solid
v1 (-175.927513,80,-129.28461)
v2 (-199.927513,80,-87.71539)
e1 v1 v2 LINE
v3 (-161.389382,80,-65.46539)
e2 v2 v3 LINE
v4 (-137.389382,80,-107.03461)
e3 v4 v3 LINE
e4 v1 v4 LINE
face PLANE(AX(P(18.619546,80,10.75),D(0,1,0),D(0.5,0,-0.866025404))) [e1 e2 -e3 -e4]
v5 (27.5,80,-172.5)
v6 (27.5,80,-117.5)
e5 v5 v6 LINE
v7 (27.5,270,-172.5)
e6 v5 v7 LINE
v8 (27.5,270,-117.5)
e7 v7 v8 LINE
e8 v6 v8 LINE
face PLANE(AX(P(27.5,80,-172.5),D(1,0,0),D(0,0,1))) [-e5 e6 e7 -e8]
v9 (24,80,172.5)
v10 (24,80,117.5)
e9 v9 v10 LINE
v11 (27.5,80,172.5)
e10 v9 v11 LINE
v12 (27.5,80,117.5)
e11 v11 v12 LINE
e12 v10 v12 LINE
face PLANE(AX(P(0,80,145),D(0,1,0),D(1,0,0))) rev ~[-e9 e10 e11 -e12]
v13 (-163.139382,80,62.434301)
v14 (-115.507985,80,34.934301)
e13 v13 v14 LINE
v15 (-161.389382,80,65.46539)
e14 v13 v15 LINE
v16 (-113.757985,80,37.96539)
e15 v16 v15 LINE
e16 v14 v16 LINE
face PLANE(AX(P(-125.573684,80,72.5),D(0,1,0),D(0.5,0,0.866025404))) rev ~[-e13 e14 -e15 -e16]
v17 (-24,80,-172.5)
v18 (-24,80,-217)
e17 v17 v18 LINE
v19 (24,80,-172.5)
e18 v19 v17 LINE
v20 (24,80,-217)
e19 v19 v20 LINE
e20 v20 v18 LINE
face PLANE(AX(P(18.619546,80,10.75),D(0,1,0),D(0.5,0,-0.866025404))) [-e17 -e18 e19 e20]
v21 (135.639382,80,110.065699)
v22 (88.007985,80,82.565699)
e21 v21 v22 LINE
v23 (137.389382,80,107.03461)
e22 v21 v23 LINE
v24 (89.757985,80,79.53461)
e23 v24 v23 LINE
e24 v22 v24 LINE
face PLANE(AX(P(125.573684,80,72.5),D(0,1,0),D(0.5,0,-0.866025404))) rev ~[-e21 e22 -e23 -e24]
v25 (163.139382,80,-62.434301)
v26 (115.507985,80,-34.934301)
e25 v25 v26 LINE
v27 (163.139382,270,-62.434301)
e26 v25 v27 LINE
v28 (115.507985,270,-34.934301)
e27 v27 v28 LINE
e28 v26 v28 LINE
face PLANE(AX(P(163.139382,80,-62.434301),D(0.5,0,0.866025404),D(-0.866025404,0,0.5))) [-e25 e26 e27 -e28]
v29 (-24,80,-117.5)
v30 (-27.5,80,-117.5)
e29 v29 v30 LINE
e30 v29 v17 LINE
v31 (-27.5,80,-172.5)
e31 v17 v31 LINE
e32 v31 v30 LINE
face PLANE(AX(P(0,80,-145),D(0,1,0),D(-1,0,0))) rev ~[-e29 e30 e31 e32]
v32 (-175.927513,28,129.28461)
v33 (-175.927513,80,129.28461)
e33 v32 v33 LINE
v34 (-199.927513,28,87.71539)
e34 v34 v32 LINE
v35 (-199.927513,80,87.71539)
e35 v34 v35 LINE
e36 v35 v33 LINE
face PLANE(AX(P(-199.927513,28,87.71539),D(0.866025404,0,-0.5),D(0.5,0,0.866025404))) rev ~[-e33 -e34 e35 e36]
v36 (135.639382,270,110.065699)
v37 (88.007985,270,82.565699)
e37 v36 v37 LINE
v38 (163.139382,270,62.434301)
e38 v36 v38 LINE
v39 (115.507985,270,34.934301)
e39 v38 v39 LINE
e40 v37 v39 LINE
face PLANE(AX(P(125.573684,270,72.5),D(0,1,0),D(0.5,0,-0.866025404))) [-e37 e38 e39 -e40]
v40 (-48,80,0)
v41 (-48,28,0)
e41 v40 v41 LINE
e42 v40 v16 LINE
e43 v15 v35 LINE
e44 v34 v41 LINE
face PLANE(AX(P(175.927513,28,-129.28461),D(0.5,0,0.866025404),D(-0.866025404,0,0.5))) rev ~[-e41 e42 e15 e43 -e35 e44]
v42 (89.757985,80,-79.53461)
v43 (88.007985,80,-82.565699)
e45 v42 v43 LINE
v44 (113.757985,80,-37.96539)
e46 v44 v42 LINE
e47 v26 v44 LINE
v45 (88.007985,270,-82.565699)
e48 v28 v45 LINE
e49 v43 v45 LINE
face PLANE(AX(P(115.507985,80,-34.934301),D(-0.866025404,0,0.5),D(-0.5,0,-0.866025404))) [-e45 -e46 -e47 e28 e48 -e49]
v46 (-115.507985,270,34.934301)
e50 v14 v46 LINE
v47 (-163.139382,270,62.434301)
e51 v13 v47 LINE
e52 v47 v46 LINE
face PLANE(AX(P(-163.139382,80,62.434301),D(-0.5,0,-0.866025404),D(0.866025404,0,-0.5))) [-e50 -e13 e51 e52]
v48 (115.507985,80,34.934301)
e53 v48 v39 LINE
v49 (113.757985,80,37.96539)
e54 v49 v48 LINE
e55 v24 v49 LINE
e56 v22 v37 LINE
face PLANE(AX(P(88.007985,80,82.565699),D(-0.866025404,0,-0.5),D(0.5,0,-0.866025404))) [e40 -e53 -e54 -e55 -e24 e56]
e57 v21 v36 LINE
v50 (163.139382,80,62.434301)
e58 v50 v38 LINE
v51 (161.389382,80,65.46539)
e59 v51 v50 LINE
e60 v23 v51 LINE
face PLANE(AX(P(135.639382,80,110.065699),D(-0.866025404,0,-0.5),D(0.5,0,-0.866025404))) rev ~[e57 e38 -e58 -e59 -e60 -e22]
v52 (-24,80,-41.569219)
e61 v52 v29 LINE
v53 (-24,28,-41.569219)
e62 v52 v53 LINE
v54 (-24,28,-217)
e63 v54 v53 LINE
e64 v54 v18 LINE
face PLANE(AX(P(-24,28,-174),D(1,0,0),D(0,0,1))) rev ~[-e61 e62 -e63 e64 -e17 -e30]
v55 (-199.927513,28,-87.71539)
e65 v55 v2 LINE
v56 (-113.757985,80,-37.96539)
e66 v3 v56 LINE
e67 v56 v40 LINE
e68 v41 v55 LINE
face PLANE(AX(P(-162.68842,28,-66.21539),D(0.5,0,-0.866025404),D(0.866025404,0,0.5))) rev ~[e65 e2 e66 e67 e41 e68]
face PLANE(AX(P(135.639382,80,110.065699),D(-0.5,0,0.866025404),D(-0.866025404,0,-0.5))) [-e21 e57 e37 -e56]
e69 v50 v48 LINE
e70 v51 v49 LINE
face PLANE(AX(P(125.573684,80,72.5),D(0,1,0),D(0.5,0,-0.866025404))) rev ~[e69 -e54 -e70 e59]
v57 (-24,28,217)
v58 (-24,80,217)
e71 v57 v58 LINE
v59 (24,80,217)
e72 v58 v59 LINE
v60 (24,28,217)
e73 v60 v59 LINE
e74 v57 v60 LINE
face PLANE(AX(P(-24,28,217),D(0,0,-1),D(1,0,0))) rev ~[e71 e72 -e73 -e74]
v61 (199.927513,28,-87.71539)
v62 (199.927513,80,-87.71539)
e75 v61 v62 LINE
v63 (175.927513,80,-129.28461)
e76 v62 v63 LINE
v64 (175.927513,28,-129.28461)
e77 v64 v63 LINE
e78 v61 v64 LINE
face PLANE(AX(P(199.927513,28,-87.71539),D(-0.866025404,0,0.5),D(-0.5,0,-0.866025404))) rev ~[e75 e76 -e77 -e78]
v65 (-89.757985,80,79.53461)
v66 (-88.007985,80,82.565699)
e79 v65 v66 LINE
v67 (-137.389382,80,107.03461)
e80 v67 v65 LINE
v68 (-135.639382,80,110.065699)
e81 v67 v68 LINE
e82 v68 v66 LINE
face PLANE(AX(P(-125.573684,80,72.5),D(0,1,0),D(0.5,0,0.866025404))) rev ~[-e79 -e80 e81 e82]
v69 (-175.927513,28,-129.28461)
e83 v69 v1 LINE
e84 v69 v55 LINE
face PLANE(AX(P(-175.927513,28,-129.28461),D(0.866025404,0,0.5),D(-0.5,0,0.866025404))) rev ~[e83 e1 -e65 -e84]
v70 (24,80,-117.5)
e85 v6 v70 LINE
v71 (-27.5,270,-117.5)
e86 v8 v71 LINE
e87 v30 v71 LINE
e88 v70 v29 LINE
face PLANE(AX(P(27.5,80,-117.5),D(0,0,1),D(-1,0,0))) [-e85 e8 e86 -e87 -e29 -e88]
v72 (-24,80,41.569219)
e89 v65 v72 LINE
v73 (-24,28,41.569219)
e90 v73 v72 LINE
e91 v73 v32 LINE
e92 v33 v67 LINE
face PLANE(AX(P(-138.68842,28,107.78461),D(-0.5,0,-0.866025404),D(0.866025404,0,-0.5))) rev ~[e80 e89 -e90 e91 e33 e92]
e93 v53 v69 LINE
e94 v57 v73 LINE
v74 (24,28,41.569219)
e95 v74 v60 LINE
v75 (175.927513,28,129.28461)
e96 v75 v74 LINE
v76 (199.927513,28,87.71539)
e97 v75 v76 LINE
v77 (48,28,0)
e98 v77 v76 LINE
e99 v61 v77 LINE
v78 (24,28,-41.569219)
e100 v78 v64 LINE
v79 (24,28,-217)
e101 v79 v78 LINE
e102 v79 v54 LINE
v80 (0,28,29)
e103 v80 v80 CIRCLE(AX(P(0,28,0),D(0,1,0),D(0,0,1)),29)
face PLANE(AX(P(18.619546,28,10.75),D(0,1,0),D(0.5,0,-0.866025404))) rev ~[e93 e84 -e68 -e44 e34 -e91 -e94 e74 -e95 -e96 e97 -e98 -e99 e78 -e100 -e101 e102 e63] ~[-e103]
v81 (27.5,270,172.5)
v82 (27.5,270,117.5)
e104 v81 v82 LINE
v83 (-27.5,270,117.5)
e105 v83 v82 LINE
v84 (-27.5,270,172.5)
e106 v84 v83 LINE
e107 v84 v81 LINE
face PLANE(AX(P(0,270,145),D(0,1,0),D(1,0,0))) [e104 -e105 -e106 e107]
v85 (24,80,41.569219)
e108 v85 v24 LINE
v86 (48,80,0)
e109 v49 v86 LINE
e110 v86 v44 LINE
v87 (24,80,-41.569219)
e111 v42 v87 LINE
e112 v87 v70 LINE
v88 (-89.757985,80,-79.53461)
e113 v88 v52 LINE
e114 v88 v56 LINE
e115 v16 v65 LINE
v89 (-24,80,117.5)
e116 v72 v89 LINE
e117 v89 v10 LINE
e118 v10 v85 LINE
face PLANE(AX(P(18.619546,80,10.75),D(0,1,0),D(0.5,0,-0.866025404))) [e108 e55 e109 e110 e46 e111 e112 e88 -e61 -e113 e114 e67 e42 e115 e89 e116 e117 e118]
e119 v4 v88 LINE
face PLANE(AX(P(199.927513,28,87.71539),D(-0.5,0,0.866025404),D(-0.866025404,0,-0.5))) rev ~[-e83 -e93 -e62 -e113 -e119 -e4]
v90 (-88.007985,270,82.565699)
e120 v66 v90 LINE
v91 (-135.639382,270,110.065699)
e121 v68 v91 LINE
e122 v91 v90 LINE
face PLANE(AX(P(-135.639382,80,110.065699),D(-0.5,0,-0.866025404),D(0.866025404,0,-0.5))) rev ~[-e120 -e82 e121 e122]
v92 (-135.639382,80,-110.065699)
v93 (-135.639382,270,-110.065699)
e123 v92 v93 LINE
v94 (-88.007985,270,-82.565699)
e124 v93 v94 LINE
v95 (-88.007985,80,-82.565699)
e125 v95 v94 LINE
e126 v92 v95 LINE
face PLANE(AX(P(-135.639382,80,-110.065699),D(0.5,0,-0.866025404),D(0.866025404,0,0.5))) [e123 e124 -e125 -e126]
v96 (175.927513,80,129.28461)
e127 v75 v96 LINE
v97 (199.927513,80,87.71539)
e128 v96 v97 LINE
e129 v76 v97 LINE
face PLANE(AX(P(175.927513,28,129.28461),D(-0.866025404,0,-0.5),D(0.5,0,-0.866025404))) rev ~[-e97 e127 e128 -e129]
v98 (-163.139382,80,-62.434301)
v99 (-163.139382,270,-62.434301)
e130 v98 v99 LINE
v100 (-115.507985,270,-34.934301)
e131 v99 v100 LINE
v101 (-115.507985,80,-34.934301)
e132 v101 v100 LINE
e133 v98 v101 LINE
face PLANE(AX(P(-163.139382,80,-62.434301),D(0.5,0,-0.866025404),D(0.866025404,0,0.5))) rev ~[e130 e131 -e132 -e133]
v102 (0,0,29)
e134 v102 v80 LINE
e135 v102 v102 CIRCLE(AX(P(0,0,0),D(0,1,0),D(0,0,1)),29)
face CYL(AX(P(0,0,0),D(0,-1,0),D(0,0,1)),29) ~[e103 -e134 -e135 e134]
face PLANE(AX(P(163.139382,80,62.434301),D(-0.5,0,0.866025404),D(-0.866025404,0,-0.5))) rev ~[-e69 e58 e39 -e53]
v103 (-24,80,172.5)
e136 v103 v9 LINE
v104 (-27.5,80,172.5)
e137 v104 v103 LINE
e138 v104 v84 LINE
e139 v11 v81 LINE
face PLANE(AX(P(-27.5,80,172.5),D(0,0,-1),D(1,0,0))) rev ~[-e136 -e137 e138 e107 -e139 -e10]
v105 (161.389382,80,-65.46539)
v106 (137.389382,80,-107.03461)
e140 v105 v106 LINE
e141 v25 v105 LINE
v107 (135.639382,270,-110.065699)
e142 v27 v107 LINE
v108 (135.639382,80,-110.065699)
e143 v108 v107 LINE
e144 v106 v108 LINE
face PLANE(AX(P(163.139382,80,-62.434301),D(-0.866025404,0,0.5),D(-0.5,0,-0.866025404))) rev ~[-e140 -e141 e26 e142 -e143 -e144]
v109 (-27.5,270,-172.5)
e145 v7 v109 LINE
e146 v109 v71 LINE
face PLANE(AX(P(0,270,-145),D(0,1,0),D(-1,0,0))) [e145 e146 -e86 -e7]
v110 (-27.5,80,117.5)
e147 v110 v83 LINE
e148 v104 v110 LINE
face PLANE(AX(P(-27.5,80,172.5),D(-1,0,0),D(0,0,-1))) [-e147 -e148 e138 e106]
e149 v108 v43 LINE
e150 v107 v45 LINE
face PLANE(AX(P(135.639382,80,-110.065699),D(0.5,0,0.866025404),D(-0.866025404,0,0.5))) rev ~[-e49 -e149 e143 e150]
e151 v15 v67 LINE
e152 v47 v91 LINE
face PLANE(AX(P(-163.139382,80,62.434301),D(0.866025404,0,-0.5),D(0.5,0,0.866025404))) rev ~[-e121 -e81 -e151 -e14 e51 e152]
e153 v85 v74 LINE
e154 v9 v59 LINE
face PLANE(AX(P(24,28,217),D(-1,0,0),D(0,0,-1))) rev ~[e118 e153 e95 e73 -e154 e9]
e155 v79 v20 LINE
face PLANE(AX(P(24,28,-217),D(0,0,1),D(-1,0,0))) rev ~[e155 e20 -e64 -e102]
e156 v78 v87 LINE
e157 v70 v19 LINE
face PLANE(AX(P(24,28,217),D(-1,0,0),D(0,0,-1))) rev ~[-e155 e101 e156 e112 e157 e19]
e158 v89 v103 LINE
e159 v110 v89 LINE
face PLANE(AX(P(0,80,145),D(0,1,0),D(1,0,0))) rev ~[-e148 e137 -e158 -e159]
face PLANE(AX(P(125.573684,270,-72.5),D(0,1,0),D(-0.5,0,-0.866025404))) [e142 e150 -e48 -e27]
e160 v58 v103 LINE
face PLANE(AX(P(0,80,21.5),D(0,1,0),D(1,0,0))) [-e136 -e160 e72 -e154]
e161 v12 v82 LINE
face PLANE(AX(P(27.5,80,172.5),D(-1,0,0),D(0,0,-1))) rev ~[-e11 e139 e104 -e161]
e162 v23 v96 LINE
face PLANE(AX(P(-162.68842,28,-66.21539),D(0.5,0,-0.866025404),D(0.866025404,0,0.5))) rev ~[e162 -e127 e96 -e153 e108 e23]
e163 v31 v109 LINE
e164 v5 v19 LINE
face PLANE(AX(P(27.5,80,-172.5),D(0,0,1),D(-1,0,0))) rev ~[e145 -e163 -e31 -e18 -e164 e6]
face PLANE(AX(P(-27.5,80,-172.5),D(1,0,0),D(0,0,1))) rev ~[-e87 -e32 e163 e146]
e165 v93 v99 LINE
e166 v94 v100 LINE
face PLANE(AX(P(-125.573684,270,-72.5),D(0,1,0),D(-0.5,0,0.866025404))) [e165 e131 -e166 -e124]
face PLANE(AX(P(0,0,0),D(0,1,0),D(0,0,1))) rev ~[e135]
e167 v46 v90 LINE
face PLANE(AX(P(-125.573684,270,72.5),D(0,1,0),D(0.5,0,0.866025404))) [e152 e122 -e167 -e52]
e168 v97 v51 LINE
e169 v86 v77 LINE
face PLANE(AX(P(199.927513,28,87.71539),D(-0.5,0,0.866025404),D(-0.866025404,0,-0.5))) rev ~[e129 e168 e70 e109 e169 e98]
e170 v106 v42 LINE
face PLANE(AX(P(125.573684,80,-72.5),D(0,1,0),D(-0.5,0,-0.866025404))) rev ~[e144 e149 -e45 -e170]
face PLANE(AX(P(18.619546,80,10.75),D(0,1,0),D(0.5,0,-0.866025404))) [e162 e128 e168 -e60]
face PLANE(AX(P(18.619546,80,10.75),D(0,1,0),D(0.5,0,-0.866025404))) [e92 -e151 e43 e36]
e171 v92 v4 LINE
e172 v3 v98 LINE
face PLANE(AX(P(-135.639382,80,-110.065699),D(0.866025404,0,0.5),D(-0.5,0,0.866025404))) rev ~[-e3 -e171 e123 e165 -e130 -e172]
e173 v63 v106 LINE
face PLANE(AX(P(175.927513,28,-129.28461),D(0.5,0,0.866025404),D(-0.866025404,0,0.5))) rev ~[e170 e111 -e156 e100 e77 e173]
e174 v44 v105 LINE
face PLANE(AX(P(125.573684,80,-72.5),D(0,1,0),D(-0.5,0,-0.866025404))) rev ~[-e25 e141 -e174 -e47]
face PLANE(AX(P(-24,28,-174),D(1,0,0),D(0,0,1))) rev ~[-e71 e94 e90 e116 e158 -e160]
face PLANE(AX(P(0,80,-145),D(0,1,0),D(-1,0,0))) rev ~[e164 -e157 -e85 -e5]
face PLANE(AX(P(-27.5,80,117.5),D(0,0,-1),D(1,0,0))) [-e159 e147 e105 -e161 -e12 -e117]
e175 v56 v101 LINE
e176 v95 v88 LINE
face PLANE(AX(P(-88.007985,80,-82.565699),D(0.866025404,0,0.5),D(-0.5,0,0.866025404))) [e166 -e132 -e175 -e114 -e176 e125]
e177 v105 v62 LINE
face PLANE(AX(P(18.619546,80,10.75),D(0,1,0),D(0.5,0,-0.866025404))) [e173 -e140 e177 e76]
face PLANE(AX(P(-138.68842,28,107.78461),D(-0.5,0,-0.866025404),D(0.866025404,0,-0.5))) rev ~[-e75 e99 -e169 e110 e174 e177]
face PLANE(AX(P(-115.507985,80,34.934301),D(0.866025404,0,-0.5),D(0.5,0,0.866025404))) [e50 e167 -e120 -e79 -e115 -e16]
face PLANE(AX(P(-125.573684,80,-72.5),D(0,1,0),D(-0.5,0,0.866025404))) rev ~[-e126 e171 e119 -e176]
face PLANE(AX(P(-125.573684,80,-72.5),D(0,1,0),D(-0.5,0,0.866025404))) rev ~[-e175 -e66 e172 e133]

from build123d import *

# Parameters (mm, degrees)
SKETCH1_R           = 29
BOSS_EXTRUDE1_DEPTH = 28
BOSS_EXTRUDE2_DEPTH = 52
SKETCH3_W           = 55
SKETCH3_H           = 55
BOSS_EXTRUDE3_DEPTH = 190
CIRPATTERN1_COUNT   = 6


with BuildPart() as part:
    # Sketch1 → Boss-Extrude1 (new body)
    with BuildSketch(Plane(origin=(0, 0, 0), x_dir=(1, 0, 0), z_dir=(0, 1, 0))):
        Circle(SKETCH1_R)
    extrude(amount=BOSS_EXTRUDE1_DEPTH)

    # Sketch2 → Boss-Extrude2 (add)
    with BuildSketch(Plane(origin=(0, 28, 0), x_dir=(1, 0, 0), z_dir=(0, 1, 0))):
        Polygon((24, 0), (24, 174), (-24, 174), (-24, 0), (-24, -217), (24, -217), align=None)
    boss_extrude2 = extrude(amount=BOSS_EXTRUDE2_DEPTH)

    # Sketch3 → Boss-Extrude3 (add)
    with BuildSketch(Plane(origin=(0, 80, 0), x_dir=(1, 0, 0), z_dir=(0, 1, 0))):
        with Locations((0, -145)):
            Rectangle(SKETCH3_W, SKETCH3_H)
    boss_extrude3 = extrude(amount=BOSS_EXTRUDE3_DEPTH)

    # CirPattern1: Boss-Extrude2, Boss-Extrude3 ×6 about axis
    cirpattern1_axis = Axis((0, 28, 0), (0, -1, 0))
    add([boss_extrude2.rotate(cirpattern1_axis, i * 360 / CIRPATTERN1_COUNT) for i in range(1, CIRPATTERN1_COUNT)])
    add([boss_extrude3.rotate(cirpattern1_axis, i * 360 / CIRPATTERN1_COUNT) for i in range(1, CIRPATTERN1_COUNT)])


solid = part.part
